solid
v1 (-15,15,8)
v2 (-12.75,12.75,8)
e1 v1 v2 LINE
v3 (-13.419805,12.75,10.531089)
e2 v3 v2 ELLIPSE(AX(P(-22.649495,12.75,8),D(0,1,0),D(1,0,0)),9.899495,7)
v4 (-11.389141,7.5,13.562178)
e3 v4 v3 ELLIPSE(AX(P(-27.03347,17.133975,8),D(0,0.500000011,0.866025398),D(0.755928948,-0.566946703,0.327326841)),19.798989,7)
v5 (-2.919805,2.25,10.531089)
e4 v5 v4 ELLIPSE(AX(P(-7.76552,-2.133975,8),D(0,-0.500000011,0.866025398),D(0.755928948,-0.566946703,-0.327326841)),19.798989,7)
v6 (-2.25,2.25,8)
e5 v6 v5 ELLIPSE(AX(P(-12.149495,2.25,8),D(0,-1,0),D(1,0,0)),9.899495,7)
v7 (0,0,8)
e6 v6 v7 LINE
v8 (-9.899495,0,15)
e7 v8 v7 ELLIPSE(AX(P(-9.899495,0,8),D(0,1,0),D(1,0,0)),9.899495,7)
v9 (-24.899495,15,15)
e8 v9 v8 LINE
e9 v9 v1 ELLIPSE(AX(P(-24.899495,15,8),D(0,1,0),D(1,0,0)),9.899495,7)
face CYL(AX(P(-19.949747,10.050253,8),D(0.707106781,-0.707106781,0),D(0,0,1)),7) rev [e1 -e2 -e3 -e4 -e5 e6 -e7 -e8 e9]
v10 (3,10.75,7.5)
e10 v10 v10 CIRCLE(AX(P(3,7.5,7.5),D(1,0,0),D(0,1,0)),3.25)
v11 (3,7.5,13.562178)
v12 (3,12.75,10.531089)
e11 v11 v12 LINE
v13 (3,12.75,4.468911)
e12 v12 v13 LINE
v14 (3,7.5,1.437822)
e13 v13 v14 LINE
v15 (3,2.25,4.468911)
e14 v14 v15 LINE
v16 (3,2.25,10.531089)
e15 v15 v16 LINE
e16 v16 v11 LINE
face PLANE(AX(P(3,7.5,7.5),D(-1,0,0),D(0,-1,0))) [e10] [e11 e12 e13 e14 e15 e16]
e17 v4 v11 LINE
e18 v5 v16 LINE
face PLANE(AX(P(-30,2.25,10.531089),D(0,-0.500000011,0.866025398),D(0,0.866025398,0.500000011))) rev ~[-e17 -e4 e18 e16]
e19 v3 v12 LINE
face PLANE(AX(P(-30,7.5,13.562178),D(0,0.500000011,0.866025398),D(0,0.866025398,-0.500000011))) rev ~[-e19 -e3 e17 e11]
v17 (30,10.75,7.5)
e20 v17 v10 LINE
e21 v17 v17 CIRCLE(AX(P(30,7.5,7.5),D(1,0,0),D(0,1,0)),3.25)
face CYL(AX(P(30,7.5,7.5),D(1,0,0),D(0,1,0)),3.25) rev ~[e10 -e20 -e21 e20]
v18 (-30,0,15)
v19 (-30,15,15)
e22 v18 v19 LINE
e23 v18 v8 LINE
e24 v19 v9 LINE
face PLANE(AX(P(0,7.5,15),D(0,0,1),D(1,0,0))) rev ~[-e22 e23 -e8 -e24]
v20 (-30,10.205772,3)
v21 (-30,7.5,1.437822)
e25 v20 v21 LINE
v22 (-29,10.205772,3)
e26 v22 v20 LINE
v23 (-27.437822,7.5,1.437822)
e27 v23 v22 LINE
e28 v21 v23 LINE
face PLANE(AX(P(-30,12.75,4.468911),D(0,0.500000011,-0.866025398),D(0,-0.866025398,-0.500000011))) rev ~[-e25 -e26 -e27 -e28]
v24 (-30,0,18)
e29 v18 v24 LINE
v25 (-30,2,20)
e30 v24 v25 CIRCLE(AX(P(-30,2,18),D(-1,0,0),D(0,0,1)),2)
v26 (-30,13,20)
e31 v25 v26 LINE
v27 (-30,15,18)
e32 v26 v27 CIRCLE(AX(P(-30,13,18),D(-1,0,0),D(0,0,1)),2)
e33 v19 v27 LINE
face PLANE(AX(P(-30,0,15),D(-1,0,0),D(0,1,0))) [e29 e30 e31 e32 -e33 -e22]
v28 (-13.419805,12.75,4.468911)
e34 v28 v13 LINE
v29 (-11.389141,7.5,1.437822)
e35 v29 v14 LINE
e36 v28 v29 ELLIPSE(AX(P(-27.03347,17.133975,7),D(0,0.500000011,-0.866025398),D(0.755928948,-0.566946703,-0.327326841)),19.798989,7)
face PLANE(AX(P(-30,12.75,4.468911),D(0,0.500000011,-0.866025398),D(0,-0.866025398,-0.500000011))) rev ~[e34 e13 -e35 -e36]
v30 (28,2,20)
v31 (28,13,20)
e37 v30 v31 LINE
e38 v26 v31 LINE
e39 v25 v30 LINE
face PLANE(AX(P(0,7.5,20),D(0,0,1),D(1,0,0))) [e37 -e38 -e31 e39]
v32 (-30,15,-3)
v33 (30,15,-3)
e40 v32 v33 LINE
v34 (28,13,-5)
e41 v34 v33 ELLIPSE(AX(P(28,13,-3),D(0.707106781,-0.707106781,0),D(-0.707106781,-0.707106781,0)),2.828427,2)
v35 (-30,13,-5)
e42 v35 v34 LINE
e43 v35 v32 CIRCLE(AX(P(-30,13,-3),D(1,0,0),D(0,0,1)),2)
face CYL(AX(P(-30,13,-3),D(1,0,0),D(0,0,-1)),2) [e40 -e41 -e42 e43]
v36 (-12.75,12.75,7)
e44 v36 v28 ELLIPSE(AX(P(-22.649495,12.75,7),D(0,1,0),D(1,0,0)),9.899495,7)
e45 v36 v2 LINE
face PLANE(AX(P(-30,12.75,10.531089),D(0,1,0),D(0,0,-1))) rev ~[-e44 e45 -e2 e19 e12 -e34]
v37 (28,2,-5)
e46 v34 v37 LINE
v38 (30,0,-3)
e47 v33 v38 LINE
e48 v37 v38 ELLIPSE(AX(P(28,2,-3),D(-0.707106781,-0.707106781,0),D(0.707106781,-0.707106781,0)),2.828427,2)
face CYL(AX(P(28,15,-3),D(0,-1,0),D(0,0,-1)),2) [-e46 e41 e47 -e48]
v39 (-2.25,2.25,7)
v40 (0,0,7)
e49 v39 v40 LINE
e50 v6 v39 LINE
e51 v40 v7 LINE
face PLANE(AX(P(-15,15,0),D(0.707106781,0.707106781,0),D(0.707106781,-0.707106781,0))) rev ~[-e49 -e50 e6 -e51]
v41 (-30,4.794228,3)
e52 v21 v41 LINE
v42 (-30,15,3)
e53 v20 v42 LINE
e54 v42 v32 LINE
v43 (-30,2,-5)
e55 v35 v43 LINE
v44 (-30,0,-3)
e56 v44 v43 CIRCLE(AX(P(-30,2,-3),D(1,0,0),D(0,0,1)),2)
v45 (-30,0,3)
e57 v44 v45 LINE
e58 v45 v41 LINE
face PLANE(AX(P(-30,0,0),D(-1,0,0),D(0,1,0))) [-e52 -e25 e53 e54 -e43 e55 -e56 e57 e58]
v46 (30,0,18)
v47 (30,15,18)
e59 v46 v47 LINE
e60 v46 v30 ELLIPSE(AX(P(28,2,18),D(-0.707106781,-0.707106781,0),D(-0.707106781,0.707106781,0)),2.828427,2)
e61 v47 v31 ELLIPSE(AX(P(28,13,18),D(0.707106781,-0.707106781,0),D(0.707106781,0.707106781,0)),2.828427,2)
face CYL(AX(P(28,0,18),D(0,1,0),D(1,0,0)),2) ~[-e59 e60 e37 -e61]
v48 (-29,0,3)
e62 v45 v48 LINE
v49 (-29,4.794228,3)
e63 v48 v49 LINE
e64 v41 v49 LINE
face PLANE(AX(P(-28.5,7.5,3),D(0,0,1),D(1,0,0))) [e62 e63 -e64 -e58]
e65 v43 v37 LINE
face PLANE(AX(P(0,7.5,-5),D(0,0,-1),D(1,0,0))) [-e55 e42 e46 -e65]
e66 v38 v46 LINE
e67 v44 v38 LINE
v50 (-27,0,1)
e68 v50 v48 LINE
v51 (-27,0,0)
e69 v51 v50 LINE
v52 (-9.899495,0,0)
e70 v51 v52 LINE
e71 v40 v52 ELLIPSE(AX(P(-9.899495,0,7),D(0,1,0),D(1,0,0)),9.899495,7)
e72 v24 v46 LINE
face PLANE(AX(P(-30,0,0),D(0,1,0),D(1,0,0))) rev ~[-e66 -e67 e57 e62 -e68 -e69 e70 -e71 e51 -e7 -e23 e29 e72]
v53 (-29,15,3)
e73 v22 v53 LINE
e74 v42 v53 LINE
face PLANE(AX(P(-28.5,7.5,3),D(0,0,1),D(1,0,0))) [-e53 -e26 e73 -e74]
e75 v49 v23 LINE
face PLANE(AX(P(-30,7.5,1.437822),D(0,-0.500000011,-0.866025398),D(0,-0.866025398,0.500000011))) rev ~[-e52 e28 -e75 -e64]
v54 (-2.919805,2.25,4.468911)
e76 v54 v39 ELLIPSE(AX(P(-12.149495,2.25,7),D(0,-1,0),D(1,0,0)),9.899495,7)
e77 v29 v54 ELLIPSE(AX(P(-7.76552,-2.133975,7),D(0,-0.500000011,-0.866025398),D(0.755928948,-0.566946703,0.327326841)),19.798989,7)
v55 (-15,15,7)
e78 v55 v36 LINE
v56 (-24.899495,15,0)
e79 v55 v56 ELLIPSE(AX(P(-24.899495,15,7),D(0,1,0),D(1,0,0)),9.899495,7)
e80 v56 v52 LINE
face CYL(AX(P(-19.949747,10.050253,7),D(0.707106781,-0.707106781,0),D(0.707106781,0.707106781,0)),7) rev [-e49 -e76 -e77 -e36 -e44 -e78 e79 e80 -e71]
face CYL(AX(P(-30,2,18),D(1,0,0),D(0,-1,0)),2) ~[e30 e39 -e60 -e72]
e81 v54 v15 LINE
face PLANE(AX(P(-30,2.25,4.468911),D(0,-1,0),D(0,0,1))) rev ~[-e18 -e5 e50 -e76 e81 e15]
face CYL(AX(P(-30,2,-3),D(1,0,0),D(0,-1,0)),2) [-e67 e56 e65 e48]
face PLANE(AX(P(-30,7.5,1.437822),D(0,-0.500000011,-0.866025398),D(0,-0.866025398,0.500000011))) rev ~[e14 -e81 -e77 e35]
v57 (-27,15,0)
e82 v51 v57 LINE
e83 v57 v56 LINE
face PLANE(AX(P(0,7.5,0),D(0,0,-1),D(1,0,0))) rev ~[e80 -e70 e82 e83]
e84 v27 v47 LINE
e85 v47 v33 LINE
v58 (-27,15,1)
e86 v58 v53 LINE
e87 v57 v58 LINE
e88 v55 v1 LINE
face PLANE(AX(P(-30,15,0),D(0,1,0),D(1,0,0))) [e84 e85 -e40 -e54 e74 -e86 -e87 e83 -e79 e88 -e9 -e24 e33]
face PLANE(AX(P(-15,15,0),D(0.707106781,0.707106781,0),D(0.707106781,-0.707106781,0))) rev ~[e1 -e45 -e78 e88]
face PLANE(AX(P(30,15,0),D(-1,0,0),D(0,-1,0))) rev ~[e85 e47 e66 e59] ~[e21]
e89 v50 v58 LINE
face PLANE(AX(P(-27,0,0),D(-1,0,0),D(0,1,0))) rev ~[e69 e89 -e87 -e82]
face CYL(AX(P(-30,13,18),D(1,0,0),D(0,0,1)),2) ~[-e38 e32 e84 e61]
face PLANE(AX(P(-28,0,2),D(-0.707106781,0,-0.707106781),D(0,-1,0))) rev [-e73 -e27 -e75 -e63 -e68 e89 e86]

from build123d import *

# Parameters (mm, degrees)
PAD_DEPTH       = 15
SKETCH001_W     = 60
SKETCH001_H     = 15
PAD001_DEPTH    = 5
SKETCH002_W     = 60
SKETCH002_H     = 15
PAD002_DEPTH    = 5
FILLET_R        = 7
SKETCH003_W     = 3
SKETCH003_H     = 15
PAD003_DEPTH    = 3
CHAMFER_SIZE    = 2
SKETCH004_R     = 3.25
POCKET_DEPTH    = 60.001
POCKET001_DEPTH = 33
FILLET001_R     = 2


with BuildPart() as part:
    # Sketch → Pad (new body)
    with BuildSketch(Plane.XY):
        Polygon((0, 0), (30, 0), (30, 15), (-15, 15), align=None)
    extrude(amount=PAD_DEPTH)

    # Sketch001 (on Face6 of Pad) → Pad001 (join)
    with BuildSketch(Plane.XY.offset(15)):
        with Locations((0, 7.5)):
            Rectangle(SKETCH001_W, SKETCH001_H)
    extrude(amount=PAD001_DEPTH)

    # Sketch002 (on Face4 of Pad001) → Pad002 (join)
    with BuildSketch(Plane(origin=(0, 0, 0), x_dir=(1, 0, 0), z_dir=(0, 0, -1))):
        with Locations((0, -7.5)):
            Rectangle(SKETCH002_W, SKETCH002_H)
    extrude(amount=PAD002_DEPTH)

    # Fillet
    fillet_edges = [part.edges().sort_by_distance(p)[0] for p in [
        (-7.5, 7.5, 0),
        (-7.5, 7.5, 15),
    ]]
    fillet(fillet_edges, radius=FILLET_R)

    # Sketch003 (on Face9 of Fillet) → Pad003 (join)
    with BuildSketch(Plane.XY):
        with Locations((-28.5, 7.5)):
            Rectangle(SKETCH003_W, SKETCH003_H)
    extrude(amount=PAD003_DEPTH)

    # Chamfer
    chamfer_edges = [part.edges().sort_by_distance(p)[0] for p in [
        (-27, 7.5, 3),
    ]]
    chamfer(chamfer_edges, length=CHAMFER_SIZE)

    # Sketch004 (on Face18 of Chamfer) → Pocket (cut, through all)
    with BuildSketch(Plane.YZ.offset(30)):
        with Locations((7.5, 7.5)):
            Circle(SKETCH004_R)
    extrude(amount=-POCKET_DEPTH, mode=Mode.SUBTRACT)

    # Sketch005 (on Face23 of Pocket) → Pocket001 (cut)
    with BuildSketch(Plane(origin=(-30, 0, 0), x_dir=(0, -1, 0), z_dir=(-1, 0, 0))):
        Polygon((-7.5, 13.562178), (-12.75, 10.531089), (-12.75, 4.468911), (-7.5, 1.437822), (-2.25, 4.468911), (-2.25, 10.531089), align=None)
    extrude(amount=-POCKET001_DEPTH, mode=Mode.SUBTRACT)

    # Fillet001
    fillet001_edges = [part.edges().sort_by_distance(p)[0] for p in [
        (30, 7.5, 20),
        (30, 7.5, -5),
        (0, 0, 20),
        (0, 0, -5),
        (0, 15, 20),
        (0, 15, -5),
    ]]
    fillet(fillet001_edges, radius=FILLET001_R)


solid = part.part
